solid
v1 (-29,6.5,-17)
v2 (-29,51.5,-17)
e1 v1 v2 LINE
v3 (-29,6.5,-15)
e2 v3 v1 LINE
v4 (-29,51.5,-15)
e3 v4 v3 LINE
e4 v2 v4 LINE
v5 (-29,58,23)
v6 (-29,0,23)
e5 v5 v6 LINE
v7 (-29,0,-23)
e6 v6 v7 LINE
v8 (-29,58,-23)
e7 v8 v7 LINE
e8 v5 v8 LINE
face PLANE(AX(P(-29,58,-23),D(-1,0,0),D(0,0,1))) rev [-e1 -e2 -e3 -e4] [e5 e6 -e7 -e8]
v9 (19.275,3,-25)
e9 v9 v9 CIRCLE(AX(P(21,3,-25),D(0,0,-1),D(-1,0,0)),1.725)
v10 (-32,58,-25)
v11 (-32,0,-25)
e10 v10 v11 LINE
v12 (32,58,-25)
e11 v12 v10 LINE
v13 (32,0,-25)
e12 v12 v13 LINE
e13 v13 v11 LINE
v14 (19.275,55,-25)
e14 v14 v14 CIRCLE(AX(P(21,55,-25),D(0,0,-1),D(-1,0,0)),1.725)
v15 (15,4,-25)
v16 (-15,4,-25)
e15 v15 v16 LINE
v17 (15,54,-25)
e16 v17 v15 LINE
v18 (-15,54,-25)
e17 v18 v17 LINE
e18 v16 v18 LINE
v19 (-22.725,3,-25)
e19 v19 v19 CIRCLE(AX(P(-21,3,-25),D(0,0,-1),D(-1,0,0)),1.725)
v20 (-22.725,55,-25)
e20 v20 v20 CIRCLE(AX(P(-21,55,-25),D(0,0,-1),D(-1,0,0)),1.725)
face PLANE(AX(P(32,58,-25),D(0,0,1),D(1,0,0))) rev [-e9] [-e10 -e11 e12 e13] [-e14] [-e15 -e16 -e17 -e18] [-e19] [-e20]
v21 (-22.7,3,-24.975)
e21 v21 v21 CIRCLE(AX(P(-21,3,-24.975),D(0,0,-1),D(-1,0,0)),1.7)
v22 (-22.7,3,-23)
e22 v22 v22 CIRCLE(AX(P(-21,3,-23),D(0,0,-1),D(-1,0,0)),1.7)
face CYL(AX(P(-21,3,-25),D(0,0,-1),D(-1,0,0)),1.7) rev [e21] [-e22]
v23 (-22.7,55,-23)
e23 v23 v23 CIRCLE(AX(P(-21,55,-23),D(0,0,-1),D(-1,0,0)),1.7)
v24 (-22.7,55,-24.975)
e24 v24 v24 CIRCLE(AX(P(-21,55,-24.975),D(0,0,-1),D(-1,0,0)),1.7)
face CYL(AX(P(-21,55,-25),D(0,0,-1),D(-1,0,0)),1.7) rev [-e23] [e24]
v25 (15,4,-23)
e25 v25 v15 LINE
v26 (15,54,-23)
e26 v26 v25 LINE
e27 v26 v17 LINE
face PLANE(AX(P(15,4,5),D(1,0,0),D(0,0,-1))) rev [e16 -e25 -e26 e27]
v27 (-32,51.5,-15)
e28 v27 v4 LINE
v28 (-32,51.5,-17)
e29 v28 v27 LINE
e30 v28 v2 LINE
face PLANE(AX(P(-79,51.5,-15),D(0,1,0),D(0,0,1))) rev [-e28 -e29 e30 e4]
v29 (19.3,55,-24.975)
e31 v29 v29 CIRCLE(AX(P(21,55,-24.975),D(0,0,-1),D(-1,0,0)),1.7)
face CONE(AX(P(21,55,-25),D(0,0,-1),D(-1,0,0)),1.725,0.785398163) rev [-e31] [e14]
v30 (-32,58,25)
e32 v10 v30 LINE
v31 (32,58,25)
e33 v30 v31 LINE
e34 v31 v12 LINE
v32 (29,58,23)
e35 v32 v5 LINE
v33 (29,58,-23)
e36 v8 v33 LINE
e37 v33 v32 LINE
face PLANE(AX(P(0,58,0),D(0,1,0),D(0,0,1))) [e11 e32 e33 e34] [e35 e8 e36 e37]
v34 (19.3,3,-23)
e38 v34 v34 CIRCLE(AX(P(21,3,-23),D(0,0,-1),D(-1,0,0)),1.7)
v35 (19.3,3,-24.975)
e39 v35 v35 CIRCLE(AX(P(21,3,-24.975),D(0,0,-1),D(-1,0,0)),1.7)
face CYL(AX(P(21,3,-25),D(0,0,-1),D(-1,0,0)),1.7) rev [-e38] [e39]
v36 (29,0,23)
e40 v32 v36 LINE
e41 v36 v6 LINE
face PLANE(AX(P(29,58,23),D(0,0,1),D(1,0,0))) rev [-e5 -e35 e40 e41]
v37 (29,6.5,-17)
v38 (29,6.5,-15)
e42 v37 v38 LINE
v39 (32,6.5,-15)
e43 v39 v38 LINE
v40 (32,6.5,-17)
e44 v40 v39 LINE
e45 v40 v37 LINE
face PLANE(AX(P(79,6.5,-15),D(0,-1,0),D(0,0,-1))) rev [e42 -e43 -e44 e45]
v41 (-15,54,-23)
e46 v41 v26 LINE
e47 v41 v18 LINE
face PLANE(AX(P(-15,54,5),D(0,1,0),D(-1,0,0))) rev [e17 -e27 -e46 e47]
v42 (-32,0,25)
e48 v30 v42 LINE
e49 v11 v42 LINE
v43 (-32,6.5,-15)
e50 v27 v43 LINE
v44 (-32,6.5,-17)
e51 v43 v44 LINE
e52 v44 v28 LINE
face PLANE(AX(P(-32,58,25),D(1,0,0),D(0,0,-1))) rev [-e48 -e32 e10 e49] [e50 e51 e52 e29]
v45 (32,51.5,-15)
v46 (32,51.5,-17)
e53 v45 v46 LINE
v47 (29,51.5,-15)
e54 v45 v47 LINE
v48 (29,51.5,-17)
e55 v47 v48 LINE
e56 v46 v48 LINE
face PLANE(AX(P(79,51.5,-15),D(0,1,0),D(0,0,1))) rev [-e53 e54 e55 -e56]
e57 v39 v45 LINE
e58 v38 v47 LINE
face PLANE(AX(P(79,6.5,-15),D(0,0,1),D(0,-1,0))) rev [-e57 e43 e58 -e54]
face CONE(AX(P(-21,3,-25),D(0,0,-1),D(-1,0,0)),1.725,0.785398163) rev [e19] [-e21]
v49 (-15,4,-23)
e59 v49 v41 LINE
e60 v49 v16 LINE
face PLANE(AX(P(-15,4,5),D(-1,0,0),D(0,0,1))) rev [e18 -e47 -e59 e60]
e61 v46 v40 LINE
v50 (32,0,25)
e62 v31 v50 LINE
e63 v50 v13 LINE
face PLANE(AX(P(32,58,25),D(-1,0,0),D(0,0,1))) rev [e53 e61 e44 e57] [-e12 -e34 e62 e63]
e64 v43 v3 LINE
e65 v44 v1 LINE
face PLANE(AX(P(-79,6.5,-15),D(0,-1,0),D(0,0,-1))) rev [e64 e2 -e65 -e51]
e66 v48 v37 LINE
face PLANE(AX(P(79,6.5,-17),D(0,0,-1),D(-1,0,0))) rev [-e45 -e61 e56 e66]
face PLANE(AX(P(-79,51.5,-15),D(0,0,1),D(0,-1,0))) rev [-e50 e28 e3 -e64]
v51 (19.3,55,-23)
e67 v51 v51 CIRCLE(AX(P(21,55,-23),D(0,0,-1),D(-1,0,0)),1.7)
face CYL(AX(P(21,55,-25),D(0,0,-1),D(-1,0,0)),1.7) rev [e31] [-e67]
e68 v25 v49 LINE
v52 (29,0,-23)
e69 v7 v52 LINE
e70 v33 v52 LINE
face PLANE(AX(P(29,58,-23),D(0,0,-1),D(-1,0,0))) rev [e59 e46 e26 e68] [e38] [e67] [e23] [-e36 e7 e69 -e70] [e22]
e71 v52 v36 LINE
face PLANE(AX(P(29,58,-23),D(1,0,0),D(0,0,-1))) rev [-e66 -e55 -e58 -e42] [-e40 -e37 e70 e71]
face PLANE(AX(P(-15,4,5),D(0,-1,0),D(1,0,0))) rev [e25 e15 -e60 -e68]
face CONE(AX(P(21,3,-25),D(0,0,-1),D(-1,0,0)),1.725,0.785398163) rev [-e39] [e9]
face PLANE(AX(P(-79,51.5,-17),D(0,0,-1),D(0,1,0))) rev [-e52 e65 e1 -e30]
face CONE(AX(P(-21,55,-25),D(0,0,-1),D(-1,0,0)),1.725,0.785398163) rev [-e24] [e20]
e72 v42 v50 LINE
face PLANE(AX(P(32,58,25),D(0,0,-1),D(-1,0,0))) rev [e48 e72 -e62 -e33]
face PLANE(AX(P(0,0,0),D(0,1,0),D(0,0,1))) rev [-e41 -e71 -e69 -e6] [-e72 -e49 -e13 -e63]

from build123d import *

# Parameters (mm, degrees)
SKETCH_1_W                   = 64
SKETCH_1_H                   = 50
EXTRUDE_2_DEPTH              = 58
SKETCH_2_W                   = 58
SKETCH_2_H                   = 46
CUT_EXTRUDE_1_DEPTH          = 71.802542327
SKETCH_5_W                   = 2
SKETCH_5_H                   = 45
CUT_EXTRUDE_2_DEPTH          = 50
SKETCH_6_W                   = 2
SKETCH_6_H                   = 45
CUT_EXTRUDE_3_DEPTH          = 50
HOLE_WIZARD_M3_1_D           = 3.4
HOLE_WIZARD_M3_1_DEPTH       = 5
HOLE_WIZARD_M3_1_CSINK_D     = 3.45
HOLE_WIZARD_M3_1_CSINK_ANGLE = 90
HOLE_WIZARD_M3_1_TIP         = 1.021463052
SKETCH_9_W                   = 30
SKETCH_9_H                   = 50
CUT_EXTRUDE_4_DEPTH          = 30


with BuildPart() as part:
    # 草图1 → 凸台-拉伸2 (new body)
    with BuildSketch(Plane(origin=(0, 0, 0), x_dir=(1, 0, 0), z_dir=(0, 1, 0))):
        Rectangle(SKETCH_1_W, SKETCH_1_H)
    extrude(amount=EXTRUDE_2_DEPTH)

    # 草图2 → 切除-拉伸1 (cut, through all)
    with BuildSketch(Plane.XZ):
        Rectangle(SKETCH_2_W, SKETCH_2_H)
    extrude(amount=-CUT_EXTRUDE_1_DEPTH, mode=Mode.SUBTRACT)

    # 草图5 → 切除-拉伸2 (cut)
    with BuildSketch(Plane.ZY.offset(-29)):
        with Locations((-16, 29)):
            Rectangle(SKETCH_5_W, SKETCH_5_H)
    extrude(amount=-CUT_EXTRUDE_2_DEPTH, mode=Mode.SUBTRACT)

    # 草图6 → 切除-拉伸3 (cut)
    with BuildSketch(Plane(origin=(-29, 0, 0), x_dir=(0, 0, -1), z_dir=(1, 0, 0))):
        with Locations((16, 29)):
            Rectangle(SKETCH_6_W, SKETCH_6_H)
    extrude(amount=-CUT_EXTRUDE_3_DEPTH, mode=Mode.SUBTRACT)

    # M3 间隙孔1
    with Locations(Plane(origin=(0, 0, -25), x_dir=(-1, 0, 0), z_dir=(0, 0, -1))):
        with Locations((-21, 55), (-21, 3), (21, 3), (21, 55)):
            CounterSinkHole(HOLE_WIZARD_M3_1_D / 2, HOLE_WIZARD_M3_1_CSINK_D / 2, depth=HOLE_WIZARD_M3_1_DEPTH, counter_sink_angle=HOLE_WIZARD_M3_1_CSINK_ANGLE)
            with Locations((0, 0, -(HOLE_WIZARD_M3_1_DEPTH + HOLE_WIZARD_M3_1_TIP / 2))):  # 118° drill point
                Cone(0, HOLE_WIZARD_M3_1_D / 2, HOLE_WIZARD_M3_1_TIP, mode=Mode.SUBTRACT)

    # 草图9 → 切除-拉伸4 (cut)
    with BuildSketch(Plane(origin=(0, 0, -25), x_dir=(-1, 0, 0), z_dir=(0, 0, -1))):
        with Locations((0, 29)):
            Rectangle(SKETCH_9_W, SKETCH_9_H)
    extrude(amount=-CUT_EXTRUDE_4_DEPTH, mode=Mode.SUBTRACT)


solid = part.part
